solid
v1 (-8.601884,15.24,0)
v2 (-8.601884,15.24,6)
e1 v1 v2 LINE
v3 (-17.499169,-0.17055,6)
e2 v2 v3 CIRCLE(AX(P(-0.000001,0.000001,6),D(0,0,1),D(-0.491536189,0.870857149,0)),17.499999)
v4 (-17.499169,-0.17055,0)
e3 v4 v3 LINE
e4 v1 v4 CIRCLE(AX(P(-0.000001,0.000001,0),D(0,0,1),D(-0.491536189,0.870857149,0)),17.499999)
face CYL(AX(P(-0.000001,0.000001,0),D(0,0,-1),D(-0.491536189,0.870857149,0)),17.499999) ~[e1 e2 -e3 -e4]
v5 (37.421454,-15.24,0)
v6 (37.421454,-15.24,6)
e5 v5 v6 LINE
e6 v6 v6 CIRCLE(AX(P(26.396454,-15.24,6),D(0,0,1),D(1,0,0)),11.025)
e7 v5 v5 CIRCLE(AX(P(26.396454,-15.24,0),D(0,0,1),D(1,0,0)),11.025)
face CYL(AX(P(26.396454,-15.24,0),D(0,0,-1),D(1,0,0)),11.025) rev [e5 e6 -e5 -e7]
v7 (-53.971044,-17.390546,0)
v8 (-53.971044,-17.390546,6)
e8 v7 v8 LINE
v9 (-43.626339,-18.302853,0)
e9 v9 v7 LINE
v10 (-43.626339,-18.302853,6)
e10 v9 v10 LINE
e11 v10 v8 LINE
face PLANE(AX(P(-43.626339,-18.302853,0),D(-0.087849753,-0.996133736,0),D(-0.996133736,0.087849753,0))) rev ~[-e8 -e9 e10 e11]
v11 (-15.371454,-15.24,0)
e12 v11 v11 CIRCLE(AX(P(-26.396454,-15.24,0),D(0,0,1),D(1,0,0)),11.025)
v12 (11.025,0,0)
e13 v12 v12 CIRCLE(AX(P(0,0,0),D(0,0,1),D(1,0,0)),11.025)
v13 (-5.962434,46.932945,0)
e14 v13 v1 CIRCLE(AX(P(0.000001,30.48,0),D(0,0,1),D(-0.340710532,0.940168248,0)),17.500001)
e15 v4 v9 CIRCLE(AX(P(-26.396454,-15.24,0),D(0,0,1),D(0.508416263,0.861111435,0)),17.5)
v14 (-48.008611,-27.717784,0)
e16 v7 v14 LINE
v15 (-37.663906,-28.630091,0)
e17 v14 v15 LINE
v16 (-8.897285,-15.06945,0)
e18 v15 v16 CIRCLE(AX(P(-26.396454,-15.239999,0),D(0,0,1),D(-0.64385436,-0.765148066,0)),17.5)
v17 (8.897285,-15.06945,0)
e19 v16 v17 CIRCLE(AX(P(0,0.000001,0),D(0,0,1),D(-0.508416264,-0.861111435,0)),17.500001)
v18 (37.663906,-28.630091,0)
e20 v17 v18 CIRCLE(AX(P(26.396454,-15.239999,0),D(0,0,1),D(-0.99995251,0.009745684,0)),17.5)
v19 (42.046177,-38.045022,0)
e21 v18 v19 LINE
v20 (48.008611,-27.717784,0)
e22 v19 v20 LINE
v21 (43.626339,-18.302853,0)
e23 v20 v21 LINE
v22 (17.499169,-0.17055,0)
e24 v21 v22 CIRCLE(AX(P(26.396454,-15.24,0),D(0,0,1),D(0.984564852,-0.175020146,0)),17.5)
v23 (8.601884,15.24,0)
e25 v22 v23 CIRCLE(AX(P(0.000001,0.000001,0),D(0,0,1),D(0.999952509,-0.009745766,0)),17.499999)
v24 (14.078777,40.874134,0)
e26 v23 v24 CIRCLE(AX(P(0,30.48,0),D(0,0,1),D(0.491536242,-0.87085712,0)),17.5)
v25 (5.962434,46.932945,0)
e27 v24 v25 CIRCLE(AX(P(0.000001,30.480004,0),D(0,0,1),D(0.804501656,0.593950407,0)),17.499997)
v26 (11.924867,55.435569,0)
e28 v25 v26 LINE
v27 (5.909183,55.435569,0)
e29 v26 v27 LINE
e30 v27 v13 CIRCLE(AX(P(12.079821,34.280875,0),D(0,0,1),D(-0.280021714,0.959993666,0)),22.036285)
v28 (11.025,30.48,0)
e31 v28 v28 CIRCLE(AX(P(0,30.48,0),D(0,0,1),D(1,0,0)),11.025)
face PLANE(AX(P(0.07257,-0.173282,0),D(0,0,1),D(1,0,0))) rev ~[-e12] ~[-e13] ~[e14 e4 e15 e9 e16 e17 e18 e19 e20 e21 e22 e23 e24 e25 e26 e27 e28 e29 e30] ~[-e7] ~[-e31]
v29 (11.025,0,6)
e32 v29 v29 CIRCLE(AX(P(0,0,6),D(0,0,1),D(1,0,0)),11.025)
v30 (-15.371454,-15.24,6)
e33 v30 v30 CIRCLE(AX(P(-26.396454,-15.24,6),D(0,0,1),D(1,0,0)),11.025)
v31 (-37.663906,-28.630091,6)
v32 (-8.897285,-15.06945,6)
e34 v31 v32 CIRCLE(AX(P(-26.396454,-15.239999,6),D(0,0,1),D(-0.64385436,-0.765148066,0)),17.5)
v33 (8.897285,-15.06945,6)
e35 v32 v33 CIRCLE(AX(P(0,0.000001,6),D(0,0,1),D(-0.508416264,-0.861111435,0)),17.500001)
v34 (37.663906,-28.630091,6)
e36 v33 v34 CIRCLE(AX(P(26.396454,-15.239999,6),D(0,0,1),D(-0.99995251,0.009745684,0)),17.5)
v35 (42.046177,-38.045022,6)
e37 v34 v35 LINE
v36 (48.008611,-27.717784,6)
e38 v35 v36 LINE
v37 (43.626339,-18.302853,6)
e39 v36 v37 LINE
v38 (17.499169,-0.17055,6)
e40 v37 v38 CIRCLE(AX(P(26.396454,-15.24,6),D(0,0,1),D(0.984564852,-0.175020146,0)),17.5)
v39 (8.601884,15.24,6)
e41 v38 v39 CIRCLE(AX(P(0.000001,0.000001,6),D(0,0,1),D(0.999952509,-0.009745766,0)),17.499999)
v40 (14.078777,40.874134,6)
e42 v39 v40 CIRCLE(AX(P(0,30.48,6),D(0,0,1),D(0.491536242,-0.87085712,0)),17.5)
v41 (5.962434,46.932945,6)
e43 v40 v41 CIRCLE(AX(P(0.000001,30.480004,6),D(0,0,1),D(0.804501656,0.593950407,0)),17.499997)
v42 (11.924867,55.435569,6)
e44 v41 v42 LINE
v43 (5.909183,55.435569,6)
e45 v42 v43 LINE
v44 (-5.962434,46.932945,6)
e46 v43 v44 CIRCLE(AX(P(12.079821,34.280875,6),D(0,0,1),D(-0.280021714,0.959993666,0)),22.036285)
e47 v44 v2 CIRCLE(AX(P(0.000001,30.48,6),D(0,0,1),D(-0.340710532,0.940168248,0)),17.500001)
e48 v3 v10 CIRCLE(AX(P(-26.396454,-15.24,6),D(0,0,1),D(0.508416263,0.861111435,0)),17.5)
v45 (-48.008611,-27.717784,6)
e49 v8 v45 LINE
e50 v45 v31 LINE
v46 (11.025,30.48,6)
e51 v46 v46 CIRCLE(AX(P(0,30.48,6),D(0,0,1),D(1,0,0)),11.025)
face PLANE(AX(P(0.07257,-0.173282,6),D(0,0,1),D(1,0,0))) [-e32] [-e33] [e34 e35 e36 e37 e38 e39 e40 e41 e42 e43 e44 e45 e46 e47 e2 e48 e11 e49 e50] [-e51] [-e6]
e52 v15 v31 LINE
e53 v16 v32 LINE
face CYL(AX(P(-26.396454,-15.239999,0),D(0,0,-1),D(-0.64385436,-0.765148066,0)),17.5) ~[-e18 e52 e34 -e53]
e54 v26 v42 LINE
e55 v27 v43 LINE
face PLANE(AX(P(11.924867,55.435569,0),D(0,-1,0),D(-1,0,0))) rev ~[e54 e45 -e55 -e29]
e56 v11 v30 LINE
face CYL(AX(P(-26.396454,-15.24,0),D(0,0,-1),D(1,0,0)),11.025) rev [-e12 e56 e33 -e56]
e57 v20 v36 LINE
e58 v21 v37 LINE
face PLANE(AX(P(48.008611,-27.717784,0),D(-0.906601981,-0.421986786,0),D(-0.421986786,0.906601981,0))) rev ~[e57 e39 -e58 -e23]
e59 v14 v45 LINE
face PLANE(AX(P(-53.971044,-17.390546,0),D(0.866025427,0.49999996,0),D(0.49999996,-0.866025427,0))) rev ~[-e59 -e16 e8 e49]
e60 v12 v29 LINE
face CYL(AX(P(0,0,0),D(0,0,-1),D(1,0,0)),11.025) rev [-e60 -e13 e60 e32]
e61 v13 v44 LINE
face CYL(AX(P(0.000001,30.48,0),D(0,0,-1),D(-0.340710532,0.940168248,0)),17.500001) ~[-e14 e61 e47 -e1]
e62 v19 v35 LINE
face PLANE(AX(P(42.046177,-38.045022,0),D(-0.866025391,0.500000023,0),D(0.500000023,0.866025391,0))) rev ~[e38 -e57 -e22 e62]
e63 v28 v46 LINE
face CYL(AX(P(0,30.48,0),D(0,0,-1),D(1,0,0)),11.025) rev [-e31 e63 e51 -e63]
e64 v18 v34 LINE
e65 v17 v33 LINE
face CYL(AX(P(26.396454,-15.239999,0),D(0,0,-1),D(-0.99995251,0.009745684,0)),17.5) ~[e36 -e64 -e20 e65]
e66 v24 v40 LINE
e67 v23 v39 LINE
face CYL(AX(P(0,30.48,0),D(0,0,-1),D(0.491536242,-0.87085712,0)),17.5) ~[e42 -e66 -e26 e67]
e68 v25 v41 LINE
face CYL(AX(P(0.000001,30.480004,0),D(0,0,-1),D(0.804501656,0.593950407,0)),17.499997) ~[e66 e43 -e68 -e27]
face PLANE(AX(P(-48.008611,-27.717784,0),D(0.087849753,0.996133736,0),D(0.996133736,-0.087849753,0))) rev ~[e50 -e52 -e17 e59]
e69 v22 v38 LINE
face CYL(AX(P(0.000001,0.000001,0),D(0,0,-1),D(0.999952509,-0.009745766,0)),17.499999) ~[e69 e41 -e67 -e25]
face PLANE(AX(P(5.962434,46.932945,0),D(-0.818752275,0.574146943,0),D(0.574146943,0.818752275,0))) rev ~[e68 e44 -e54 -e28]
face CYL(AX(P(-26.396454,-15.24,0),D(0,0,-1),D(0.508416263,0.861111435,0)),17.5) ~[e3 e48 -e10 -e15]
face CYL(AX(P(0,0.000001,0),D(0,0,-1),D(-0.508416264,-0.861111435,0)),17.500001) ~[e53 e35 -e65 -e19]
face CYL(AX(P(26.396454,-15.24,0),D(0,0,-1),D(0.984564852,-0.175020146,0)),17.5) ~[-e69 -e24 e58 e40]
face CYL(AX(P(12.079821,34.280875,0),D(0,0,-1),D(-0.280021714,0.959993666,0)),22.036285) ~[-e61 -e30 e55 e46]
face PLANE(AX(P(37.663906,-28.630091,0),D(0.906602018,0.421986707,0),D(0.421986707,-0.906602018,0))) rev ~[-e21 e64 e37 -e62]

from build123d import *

# Parameters (mm, degrees)
F0_R     = 11.025
F1_DEPTH = 6


with BuildPart() as f1:
    # F0 (on Top) → F1 (new body)
    with BuildSketch(Plane.XY):
        with BuildLine():
            ThreePointArc((17.499169, -0.17055), (15.155445, 8.75), (8.601884, 15.24))
            ThreePointArc((8.601884, 15.24), (17.113746, 26.823541), (14.078777, 40.874134))
            ThreePointArc((14.078777, 40.874134), (10.468516, 44.503558), (5.962434, 46.932945))
            Line((5.962434, 46.932945), (11.924867, 55.435569))
            Line((11.924867, 55.435569), (5.909183, 55.435569))
            ThreePointArc((5.909183, 55.435569), (-0.751379, 52.19618), (-5.962434, 46.932945))
            ThreePointArc((-5.962434, 46.932945), (-17.439625, 31.932406), (-8.601884, 15.24))
            ThreePointArc((-8.601884, 15.24), (-15.155445, 8.75), (-17.499169, -0.17055))
            ThreePointArc((-17.499169, -0.17055), (-36.374087, -0.863045), (-43.626339, -18.302853))
            Line((-43.626339, -18.302853), (-53.971044, -17.390546))
            Line((-53.971044, -17.390546), (-48.008611, -27.717784))
            Line((-48.008611, -27.717784), (-37.663906, -28.630091))
            ThreePointArc((-37.663906, -28.630091), (-18.934462, -31.069361), (-8.897285, -15.06945))
            ThreePointArc((-8.897285, -15.06945), (0, -17.5), (8.897285, -15.06945))
            ThreePointArc((8.897285, -15.06945), (18.934462, -31.069361), (37.663906, -28.630091))
            Line((37.663906, -28.630091), (42.046177, -38.045022))
            Line((42.046177, -38.045022), (48.008611, -27.717784))
            Line((48.008611, -27.717784), (43.626339, -18.302853))
            ThreePointArc((43.626339, -18.302853), (36.374087, -0.863045), (17.499169, -0.17055))
        make_face()
        with Locations((-26.396454, -15.24)):
            Circle(F0_R, mode=Mode.SUBTRACT)
        with Locations((26.396454, -15.24)):
            Circle(F0_R, mode=Mode.SUBTRACT)
        Circle(F0_R, mode=Mode.SUBTRACT)
        with Locations((0, 30.48)):
            Circle(F0_R, mode=Mode.SUBTRACT)
    extrude(amount=F1_DEPTH)


solid = f1.part
